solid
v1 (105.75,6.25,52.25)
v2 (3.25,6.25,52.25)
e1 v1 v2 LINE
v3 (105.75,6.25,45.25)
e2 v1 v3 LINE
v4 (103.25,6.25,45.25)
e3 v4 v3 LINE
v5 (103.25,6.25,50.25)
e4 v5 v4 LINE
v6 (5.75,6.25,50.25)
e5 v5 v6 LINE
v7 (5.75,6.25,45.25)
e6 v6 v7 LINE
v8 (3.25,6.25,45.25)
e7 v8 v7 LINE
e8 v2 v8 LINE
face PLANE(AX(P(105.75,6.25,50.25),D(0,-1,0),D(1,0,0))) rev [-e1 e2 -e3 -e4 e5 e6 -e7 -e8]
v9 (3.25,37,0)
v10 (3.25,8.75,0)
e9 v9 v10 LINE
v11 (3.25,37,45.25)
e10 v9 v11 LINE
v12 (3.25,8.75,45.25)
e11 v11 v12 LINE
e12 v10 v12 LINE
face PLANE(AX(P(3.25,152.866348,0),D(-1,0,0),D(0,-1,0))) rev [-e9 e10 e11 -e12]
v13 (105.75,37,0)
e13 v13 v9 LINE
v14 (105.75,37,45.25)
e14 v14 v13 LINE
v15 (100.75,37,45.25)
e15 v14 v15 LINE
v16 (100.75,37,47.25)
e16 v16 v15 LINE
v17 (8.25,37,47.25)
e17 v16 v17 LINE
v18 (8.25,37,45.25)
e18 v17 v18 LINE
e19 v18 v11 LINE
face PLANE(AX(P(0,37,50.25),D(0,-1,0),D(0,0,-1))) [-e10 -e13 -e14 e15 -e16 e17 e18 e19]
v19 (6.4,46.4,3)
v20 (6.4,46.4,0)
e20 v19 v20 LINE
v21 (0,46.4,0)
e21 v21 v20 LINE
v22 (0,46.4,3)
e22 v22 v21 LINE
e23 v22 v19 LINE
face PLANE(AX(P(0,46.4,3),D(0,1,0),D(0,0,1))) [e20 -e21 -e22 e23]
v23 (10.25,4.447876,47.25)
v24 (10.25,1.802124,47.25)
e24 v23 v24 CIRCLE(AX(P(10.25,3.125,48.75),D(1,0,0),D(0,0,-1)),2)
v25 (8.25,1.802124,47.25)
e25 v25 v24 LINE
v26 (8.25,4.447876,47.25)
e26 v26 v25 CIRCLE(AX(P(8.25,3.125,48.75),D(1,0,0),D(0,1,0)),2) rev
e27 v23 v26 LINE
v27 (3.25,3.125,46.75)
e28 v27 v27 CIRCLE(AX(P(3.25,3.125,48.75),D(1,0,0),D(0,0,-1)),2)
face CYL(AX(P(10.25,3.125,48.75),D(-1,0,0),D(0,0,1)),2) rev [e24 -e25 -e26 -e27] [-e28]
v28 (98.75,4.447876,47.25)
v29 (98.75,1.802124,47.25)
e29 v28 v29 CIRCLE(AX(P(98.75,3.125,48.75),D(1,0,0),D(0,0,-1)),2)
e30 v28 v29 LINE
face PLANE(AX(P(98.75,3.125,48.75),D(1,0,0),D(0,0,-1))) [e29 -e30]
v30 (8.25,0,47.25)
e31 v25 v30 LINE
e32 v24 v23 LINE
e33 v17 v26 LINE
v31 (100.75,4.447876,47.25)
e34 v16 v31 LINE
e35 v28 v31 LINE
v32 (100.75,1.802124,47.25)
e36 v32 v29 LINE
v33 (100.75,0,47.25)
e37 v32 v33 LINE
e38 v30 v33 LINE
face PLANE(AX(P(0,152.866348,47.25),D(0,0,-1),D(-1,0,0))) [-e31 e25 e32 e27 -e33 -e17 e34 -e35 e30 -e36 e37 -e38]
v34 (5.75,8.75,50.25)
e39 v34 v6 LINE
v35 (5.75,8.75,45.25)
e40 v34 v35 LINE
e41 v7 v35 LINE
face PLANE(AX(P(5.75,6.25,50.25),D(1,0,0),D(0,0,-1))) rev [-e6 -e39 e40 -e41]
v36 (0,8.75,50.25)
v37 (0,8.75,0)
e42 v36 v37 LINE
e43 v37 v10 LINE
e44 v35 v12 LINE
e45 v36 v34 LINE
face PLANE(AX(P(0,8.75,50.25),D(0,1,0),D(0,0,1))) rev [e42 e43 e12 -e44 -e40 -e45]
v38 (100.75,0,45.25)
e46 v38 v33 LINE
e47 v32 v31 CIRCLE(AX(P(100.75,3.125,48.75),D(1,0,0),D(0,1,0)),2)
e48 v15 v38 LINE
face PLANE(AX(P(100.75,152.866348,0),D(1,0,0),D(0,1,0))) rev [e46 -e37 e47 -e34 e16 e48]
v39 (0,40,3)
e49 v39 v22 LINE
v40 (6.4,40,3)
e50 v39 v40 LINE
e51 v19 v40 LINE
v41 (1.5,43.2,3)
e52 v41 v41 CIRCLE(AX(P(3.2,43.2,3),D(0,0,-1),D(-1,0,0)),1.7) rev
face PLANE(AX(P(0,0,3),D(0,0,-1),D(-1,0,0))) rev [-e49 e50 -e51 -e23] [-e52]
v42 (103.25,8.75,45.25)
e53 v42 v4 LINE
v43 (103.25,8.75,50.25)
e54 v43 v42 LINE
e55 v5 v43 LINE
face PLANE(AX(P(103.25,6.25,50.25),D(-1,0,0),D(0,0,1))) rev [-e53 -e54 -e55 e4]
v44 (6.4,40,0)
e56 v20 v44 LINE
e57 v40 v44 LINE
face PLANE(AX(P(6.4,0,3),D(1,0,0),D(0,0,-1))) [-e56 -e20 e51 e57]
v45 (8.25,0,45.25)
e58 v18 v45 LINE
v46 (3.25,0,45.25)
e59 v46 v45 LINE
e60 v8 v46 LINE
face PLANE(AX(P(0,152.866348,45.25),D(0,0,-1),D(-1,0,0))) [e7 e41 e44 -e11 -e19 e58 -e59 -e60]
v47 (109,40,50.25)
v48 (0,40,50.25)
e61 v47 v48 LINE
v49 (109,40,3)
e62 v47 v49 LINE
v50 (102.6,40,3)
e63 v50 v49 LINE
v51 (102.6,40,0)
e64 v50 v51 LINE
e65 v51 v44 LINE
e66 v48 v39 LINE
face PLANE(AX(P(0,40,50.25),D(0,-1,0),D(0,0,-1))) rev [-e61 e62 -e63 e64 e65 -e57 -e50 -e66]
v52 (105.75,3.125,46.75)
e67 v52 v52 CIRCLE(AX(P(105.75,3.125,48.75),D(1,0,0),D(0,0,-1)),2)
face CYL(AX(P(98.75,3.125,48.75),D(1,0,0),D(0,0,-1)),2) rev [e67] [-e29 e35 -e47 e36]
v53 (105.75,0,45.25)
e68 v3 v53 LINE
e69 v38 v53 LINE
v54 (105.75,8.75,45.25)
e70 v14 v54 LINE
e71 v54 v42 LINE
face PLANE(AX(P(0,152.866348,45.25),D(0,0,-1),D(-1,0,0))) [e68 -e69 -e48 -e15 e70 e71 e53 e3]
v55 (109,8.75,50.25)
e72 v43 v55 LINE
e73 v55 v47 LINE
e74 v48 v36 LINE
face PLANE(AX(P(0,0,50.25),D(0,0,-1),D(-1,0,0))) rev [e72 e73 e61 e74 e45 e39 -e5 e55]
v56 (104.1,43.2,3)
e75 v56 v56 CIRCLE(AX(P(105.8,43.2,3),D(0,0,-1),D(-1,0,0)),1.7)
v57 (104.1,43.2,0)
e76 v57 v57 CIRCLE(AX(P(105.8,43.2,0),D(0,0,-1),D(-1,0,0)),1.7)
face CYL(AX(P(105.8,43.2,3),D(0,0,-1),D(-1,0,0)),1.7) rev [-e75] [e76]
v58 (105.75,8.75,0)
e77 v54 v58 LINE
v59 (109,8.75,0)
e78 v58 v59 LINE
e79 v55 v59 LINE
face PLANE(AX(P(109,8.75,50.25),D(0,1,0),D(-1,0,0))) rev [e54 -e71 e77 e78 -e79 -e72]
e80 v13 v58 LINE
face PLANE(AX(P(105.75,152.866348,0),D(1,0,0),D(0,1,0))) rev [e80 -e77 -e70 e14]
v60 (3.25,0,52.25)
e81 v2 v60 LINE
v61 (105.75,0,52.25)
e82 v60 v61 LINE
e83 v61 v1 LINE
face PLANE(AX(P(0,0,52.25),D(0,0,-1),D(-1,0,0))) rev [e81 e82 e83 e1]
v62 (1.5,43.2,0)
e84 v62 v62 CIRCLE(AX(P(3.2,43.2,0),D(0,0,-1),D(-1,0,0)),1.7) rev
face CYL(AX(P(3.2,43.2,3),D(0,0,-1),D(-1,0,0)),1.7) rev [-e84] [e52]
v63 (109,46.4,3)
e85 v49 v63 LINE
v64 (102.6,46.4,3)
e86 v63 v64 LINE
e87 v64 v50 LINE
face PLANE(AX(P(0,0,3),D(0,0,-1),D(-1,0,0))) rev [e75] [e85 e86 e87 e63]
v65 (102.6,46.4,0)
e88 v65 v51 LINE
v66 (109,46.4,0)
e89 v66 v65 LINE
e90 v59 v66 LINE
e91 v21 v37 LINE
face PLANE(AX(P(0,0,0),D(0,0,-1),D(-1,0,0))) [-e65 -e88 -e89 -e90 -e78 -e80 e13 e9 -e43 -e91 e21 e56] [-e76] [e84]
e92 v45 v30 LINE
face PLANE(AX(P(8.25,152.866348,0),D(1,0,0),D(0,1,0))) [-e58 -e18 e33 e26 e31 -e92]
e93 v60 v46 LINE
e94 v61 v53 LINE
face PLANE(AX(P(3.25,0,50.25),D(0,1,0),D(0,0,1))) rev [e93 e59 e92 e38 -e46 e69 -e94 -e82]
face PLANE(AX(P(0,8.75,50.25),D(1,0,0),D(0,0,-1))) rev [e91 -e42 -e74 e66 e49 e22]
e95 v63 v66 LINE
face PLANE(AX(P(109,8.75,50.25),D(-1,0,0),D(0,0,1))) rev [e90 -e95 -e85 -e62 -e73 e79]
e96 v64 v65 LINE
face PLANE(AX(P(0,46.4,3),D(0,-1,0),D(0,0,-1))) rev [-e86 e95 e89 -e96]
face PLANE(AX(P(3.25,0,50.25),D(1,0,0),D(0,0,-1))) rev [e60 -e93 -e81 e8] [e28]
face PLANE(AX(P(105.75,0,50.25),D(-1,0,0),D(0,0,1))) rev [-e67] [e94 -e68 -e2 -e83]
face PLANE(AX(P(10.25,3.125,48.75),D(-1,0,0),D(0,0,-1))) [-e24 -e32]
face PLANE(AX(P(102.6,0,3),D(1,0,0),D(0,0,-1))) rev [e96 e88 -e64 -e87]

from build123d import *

# Parameters (mm, degrees)
BOSS_EXTRUDE2_DEPTH = 50.25
CUT_EXTRUDE3_DEPTH  = 37
SKETCH6_W           = 6.4
SKETCH6_H           = 6.4
SKETCH6_R           = 1.7
BOSS_EXTRUDE3_DEPTH = 3
SKETCH8_W           = 102.5
SKETCH8_H           = 6.25
BOSS_EXTRUDE4_DEPTH = 2
SKETCH7_R           = 2
CUT_EXTRUDE4_DEPTH  = 7


with BuildPart() as part:
    # Sketch4 → Boss-Extrude2 (new body)
    with BuildSketch(Plane.XY):
        Polygon((3.25, 0), (105.75, 0), (105.75, 6.25), (103.25, 6.25), (103.25, 8.75), (109, 8.75), (109, 40), (0, 40), (0, 8.75), (5.75, 8.75), (5.75, 6.25), (3.25, 6.25), align=None)
    extrude(amount=BOSS_EXTRUDE2_DEPTH)

    # Sketch5 → Cut-Extrude3 (cut)
    with BuildSketch(Plane.XZ):
        Polygon((3.25, 0), (8.418575633, 0), (100.815935432, 0), (105.75, 0), (105.75, 45.25), (100.75, 45.25), (100.75, 47.25), (8.25, 47.25), (8.25, 45.25), (3.25, 45.25), align=None)
    extrude(amount=-CUT_EXTRUDE3_DEPTH, mode=Mode.SUBTRACT)

    # Sketch6 → Boss-Extrude3 (add)
    # profile 1 of 2: a face of its own
    with BuildSketch(Plane(origin=(0, 0, 0), x_dir=(-1, 0, 0), z_dir=(0, 0, -1))):
        with Locations((-105.8, 43.2)):
            Rectangle(SKETCH6_W, SKETCH6_H)
        with Locations((-105.8, 43.2)):
            Circle(SKETCH6_R, mode=Mode.SUBTRACT)
    # profile 2 of 2: a face of its own
    with BuildSketch(Plane(origin=(0, 0, 0), x_dir=(-1, 0, 0), z_dir=(0, 0, -1))):
        with Locations((-3.2, 43.2)):
            Rectangle(SKETCH6_W, SKETCH6_H)
        with Locations((-3.2, 43.2)):
            Circle(SKETCH6_R, mode=Mode.SUBTRACT)
    extrude(amount=-BOSS_EXTRUDE3_DEPTH)

    # Sketch8 → Boss-Extrude4 (add)
    with BuildSketch(Plane.XY.offset(50.25)):
        with Locations((54.5, 3.125)):
            Rectangle(SKETCH8_W, SKETCH8_H)
    extrude(amount=BOSS_EXTRUDE4_DEPTH)

    # Sketch7 → Cut-Extrude4 (cut)
    with BuildSketch(Plane(origin=(105.75, 0, 0), x_dir=(0, 0, -1), z_dir=(1, 0, 0))):
        with Locations((-48.75, 3.125)):
            Circle(SKETCH7_R)
    cut_extrude4 = extrude(amount=-CUT_EXTRUDE4_DEPTH, mode=Mode.SUBTRACT)

    # Mirror1: Cut-Extrude4 across plane
    add(cut_extrude4.mirror(Plane(origin=(54.5, 0, 0), x_dir=(0, 0, 1), z_dir=(1, 0, 0))), mode=Mode.SUBTRACT)


solid = part.part
